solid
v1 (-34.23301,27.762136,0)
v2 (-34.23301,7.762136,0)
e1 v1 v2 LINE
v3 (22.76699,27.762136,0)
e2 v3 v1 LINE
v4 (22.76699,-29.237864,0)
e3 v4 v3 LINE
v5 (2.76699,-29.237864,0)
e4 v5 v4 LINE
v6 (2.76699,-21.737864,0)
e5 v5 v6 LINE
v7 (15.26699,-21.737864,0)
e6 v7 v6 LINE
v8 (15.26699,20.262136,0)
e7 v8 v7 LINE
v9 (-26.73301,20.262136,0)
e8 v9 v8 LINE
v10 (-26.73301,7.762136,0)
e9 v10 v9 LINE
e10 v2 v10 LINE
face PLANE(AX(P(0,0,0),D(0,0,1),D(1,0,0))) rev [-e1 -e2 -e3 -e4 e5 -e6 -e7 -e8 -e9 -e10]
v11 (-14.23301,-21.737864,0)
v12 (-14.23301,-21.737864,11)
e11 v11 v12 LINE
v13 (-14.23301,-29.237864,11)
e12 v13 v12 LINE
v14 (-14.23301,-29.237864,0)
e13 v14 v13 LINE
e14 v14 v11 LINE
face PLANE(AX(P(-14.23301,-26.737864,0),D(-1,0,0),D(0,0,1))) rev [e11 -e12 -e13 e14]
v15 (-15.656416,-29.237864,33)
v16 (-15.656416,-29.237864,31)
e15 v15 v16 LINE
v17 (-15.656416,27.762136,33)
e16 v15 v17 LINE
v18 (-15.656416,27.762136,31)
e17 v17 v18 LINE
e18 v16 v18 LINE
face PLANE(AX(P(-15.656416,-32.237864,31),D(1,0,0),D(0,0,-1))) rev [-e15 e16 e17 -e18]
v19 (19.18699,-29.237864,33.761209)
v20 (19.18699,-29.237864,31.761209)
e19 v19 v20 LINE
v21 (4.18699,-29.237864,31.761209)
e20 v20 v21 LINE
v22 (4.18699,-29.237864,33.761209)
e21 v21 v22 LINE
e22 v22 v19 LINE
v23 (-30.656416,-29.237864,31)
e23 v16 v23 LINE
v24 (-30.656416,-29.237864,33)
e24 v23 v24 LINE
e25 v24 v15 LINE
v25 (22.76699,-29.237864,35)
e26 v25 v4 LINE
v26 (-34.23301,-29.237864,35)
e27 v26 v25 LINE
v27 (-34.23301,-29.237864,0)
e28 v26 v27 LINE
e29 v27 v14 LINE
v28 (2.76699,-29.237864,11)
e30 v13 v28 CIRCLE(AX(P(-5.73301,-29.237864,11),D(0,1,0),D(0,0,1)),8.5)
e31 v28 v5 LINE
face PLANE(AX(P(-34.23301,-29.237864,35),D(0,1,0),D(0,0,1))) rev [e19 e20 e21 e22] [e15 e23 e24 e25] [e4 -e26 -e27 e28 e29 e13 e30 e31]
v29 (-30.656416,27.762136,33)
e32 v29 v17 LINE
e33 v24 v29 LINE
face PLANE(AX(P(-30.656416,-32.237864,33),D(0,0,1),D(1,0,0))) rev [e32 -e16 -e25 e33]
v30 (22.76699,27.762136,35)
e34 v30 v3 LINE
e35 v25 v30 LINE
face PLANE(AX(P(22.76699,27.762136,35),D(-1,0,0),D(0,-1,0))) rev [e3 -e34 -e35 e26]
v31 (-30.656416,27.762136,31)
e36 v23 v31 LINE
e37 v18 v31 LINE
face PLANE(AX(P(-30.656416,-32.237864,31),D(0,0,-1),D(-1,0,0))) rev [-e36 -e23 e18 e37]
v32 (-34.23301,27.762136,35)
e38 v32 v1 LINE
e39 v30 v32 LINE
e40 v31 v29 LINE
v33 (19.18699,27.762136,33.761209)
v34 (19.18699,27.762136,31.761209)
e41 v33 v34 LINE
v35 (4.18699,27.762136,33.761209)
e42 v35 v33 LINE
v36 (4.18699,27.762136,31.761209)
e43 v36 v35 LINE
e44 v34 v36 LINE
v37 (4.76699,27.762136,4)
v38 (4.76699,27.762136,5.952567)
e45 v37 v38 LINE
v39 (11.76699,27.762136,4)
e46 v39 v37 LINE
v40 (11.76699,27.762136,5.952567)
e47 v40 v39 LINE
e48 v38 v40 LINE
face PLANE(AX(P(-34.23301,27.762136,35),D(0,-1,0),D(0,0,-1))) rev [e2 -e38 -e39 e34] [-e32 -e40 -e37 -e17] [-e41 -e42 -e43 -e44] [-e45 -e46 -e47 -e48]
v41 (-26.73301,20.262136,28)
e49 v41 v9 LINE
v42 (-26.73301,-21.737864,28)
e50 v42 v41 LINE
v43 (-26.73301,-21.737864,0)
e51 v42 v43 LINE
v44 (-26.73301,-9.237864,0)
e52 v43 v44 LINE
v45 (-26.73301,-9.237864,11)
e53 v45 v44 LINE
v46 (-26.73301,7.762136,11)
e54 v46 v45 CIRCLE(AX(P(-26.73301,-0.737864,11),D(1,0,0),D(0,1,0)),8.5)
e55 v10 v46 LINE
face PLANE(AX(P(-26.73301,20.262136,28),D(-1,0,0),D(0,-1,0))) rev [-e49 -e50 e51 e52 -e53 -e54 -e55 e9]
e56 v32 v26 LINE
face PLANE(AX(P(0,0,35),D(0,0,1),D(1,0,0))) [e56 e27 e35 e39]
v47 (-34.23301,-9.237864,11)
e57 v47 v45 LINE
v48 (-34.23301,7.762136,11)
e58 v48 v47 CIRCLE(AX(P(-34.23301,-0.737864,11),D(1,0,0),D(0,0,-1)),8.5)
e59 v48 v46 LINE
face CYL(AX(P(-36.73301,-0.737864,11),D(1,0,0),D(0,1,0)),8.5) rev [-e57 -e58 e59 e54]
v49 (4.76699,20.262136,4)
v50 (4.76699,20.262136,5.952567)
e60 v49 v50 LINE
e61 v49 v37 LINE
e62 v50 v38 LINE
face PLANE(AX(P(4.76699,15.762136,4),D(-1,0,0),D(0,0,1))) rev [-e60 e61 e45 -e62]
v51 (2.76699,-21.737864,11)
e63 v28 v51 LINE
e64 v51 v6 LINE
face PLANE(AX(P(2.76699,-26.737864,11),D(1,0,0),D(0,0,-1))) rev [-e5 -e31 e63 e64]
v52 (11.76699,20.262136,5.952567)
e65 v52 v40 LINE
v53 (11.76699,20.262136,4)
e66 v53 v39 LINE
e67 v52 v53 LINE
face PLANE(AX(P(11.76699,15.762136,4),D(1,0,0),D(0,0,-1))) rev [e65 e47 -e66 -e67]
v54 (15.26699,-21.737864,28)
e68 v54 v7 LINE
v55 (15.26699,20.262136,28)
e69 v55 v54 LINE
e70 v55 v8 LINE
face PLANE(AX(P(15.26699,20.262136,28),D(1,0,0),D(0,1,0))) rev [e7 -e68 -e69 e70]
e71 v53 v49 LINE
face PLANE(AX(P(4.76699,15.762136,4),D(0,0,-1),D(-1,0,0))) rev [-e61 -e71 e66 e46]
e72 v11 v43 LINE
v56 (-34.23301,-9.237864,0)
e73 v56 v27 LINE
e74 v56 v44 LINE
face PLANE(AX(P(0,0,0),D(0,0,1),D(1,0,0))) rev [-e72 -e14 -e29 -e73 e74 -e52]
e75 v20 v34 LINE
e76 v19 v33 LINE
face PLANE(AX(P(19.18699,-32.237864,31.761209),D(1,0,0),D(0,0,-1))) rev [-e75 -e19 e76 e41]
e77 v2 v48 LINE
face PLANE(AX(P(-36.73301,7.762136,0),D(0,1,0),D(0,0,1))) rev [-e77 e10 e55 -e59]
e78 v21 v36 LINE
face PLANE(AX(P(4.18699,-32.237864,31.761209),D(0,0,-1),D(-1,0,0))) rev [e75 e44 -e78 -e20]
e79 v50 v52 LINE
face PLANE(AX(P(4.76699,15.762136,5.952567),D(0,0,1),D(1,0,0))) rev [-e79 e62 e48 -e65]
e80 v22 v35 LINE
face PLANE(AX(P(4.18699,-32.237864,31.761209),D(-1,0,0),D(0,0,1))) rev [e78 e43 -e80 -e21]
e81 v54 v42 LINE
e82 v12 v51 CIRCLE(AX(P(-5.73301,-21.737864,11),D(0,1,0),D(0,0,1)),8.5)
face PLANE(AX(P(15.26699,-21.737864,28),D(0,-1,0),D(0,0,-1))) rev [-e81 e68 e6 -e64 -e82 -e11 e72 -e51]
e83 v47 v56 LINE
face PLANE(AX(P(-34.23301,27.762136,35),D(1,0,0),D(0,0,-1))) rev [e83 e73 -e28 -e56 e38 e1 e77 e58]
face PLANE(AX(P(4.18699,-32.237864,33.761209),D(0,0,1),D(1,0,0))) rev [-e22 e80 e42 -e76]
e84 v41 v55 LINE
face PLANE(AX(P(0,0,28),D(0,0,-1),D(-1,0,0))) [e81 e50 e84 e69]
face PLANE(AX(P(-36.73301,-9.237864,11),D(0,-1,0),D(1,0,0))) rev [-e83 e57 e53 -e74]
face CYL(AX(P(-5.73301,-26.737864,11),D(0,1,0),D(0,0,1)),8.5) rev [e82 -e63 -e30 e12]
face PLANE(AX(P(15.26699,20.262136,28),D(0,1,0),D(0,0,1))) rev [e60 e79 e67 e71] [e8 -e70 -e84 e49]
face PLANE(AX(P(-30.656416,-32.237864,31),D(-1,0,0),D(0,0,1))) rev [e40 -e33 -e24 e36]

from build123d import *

# Parameters (mm, degrees)
SKETCH2_W           = 57
SKETCH2_H           = 57
BOSS_EXTRUDE1_DEPTH = 35
SKETCH3_W           = 15
SKETCH3_H           = 2
CUT_EXTRUDE1_DEPTH  = 60
SKETCH4_W           = 42
SKETCH4_H           = 42
CUT_EXTRUDE2_DEPTH  = 28
CUT_EXTRUDE4_DEPTH  = 5
CUT_EXTRUDE5_DEPTH  = 10
CUT_EXTRUDE6_DEPTH  = 5
SKETCH13_W          = 7
SKETCH13_H          = 1.952566844
CUT_EXTRUDE8_DEPTH  = 12


with BuildPart() as part:
    # Sketch2 → Boss-Extrude1 (new body)
    with BuildSketch(Plane.XY):
        with Locations((-5.733009709, -0.737864078)):
            Rectangle(SKETCH2_W, SKETCH2_H)
    extrude(amount=BOSS_EXTRUDE1_DEPTH)

    # Sketch3 → Cut-Extrude1 (cut)
    with BuildSketch(Plane(origin=(0, 27.762135922, 0), x_dir=(1, 0, 0), z_dir=(0, 1, 0))):
        with Locations((-23.156416284, -32)):
            Rectangle(SKETCH3_W, SKETCH3_H)
        with Locations((11.686990291, -32.761209032)):
            Rectangle(SKETCH3_W, SKETCH3_H)
    extrude(amount=-CUT_EXTRUDE1_DEPTH, mode=Mode.SUBTRACT)

    # Sketch4 → Cut-Extrude2 (cut)
    with BuildSketch(Plane(origin=(0, 0, 0), x_dir=(-1, 0, 0), z_dir=(0, 0, -1))):
        with Locations((5.733009709, -0.737864078)):
            Rectangle(SKETCH4_W, SKETCH4_H)
    extrude(amount=-CUT_EXTRUDE2_DEPTH, mode=Mode.SUBTRACT)

    # Sketch5 → Cut-Extrude4 (cut)
    with BuildSketch(Plane(origin=(0, -21.737864078, 0), x_dir=(1, 0, 0), z_dir=(0, 1, 0))):
        with BuildLine():
            Line((2.766990291, -11), (2.766990291, 0))
            Line((2.766990291, 0), (-14.233009709, 0))
            Line((-14.233009709, 0), (-14.233009709, -11))
            ThreePointArc((-14.233009709, -11), (-5.733009709, -19.5), (2.766990291, -11))
        make_face()
    extrude(amount=-CUT_EXTRUDE4_DEPTH, mode=Mode.SUBTRACT)

    # Sketch7 → Cut-Extrude5 (cut)
    with BuildSketch(Plane(origin=(-26.733009709, 0, 0), x_dir=(0, 0, -1), z_dir=(1, 0, 0))):
        with BuildLine():
            Line((-11, -9.237864078), (0, -9.237864078))
            Line((0, -9.237864078), (0, 7.762135922))
            Line((0, 7.762135922), (-11, 7.762135922))
            ThreePointArc((-11, 7.762135922), (-19.5, -0.737864078), (-11, -9.237864078))
        make_face()
    extrude(amount=-CUT_EXTRUDE5_DEPTH, mode=Mode.SUBTRACT)

    # Sketch8 → Cut-Extrude6 (cut)
    with BuildSketch(Plane(origin=(0, -26.737864078, 0), x_dir=(1, 0, 0), z_dir=(0, 1, 0))):
        with BuildLine():
            Line((-14.233009709, 0), (2.766990291, 0))
            Line((2.766990291, 0), (2.766990291, -11))
            ThreePointArc((2.766990291, -11), (-5.733009709, -19.5), (-14.233009709, -11))
            Line((-14.233009709, -11), (-14.233009709, 0))
        make_face()
    extrude(amount=-CUT_EXTRUDE6_DEPTH, mode=Mode.SUBTRACT)

    # Sketch13 → Cut-Extrude8 (cut)
    with BuildSketch(Plane(origin=(0, 27.762135922, 0), x_dir=(1, 0, 0), z_dir=(0, 1, 0))):
        with Locations((8.266990291, -4.976283422)):
            Rectangle(SKETCH13_W, SKETCH13_H)
    extrude(amount=-CUT_EXTRUDE8_DEPTH, mode=Mode.SUBTRACT)


solid = part.part
